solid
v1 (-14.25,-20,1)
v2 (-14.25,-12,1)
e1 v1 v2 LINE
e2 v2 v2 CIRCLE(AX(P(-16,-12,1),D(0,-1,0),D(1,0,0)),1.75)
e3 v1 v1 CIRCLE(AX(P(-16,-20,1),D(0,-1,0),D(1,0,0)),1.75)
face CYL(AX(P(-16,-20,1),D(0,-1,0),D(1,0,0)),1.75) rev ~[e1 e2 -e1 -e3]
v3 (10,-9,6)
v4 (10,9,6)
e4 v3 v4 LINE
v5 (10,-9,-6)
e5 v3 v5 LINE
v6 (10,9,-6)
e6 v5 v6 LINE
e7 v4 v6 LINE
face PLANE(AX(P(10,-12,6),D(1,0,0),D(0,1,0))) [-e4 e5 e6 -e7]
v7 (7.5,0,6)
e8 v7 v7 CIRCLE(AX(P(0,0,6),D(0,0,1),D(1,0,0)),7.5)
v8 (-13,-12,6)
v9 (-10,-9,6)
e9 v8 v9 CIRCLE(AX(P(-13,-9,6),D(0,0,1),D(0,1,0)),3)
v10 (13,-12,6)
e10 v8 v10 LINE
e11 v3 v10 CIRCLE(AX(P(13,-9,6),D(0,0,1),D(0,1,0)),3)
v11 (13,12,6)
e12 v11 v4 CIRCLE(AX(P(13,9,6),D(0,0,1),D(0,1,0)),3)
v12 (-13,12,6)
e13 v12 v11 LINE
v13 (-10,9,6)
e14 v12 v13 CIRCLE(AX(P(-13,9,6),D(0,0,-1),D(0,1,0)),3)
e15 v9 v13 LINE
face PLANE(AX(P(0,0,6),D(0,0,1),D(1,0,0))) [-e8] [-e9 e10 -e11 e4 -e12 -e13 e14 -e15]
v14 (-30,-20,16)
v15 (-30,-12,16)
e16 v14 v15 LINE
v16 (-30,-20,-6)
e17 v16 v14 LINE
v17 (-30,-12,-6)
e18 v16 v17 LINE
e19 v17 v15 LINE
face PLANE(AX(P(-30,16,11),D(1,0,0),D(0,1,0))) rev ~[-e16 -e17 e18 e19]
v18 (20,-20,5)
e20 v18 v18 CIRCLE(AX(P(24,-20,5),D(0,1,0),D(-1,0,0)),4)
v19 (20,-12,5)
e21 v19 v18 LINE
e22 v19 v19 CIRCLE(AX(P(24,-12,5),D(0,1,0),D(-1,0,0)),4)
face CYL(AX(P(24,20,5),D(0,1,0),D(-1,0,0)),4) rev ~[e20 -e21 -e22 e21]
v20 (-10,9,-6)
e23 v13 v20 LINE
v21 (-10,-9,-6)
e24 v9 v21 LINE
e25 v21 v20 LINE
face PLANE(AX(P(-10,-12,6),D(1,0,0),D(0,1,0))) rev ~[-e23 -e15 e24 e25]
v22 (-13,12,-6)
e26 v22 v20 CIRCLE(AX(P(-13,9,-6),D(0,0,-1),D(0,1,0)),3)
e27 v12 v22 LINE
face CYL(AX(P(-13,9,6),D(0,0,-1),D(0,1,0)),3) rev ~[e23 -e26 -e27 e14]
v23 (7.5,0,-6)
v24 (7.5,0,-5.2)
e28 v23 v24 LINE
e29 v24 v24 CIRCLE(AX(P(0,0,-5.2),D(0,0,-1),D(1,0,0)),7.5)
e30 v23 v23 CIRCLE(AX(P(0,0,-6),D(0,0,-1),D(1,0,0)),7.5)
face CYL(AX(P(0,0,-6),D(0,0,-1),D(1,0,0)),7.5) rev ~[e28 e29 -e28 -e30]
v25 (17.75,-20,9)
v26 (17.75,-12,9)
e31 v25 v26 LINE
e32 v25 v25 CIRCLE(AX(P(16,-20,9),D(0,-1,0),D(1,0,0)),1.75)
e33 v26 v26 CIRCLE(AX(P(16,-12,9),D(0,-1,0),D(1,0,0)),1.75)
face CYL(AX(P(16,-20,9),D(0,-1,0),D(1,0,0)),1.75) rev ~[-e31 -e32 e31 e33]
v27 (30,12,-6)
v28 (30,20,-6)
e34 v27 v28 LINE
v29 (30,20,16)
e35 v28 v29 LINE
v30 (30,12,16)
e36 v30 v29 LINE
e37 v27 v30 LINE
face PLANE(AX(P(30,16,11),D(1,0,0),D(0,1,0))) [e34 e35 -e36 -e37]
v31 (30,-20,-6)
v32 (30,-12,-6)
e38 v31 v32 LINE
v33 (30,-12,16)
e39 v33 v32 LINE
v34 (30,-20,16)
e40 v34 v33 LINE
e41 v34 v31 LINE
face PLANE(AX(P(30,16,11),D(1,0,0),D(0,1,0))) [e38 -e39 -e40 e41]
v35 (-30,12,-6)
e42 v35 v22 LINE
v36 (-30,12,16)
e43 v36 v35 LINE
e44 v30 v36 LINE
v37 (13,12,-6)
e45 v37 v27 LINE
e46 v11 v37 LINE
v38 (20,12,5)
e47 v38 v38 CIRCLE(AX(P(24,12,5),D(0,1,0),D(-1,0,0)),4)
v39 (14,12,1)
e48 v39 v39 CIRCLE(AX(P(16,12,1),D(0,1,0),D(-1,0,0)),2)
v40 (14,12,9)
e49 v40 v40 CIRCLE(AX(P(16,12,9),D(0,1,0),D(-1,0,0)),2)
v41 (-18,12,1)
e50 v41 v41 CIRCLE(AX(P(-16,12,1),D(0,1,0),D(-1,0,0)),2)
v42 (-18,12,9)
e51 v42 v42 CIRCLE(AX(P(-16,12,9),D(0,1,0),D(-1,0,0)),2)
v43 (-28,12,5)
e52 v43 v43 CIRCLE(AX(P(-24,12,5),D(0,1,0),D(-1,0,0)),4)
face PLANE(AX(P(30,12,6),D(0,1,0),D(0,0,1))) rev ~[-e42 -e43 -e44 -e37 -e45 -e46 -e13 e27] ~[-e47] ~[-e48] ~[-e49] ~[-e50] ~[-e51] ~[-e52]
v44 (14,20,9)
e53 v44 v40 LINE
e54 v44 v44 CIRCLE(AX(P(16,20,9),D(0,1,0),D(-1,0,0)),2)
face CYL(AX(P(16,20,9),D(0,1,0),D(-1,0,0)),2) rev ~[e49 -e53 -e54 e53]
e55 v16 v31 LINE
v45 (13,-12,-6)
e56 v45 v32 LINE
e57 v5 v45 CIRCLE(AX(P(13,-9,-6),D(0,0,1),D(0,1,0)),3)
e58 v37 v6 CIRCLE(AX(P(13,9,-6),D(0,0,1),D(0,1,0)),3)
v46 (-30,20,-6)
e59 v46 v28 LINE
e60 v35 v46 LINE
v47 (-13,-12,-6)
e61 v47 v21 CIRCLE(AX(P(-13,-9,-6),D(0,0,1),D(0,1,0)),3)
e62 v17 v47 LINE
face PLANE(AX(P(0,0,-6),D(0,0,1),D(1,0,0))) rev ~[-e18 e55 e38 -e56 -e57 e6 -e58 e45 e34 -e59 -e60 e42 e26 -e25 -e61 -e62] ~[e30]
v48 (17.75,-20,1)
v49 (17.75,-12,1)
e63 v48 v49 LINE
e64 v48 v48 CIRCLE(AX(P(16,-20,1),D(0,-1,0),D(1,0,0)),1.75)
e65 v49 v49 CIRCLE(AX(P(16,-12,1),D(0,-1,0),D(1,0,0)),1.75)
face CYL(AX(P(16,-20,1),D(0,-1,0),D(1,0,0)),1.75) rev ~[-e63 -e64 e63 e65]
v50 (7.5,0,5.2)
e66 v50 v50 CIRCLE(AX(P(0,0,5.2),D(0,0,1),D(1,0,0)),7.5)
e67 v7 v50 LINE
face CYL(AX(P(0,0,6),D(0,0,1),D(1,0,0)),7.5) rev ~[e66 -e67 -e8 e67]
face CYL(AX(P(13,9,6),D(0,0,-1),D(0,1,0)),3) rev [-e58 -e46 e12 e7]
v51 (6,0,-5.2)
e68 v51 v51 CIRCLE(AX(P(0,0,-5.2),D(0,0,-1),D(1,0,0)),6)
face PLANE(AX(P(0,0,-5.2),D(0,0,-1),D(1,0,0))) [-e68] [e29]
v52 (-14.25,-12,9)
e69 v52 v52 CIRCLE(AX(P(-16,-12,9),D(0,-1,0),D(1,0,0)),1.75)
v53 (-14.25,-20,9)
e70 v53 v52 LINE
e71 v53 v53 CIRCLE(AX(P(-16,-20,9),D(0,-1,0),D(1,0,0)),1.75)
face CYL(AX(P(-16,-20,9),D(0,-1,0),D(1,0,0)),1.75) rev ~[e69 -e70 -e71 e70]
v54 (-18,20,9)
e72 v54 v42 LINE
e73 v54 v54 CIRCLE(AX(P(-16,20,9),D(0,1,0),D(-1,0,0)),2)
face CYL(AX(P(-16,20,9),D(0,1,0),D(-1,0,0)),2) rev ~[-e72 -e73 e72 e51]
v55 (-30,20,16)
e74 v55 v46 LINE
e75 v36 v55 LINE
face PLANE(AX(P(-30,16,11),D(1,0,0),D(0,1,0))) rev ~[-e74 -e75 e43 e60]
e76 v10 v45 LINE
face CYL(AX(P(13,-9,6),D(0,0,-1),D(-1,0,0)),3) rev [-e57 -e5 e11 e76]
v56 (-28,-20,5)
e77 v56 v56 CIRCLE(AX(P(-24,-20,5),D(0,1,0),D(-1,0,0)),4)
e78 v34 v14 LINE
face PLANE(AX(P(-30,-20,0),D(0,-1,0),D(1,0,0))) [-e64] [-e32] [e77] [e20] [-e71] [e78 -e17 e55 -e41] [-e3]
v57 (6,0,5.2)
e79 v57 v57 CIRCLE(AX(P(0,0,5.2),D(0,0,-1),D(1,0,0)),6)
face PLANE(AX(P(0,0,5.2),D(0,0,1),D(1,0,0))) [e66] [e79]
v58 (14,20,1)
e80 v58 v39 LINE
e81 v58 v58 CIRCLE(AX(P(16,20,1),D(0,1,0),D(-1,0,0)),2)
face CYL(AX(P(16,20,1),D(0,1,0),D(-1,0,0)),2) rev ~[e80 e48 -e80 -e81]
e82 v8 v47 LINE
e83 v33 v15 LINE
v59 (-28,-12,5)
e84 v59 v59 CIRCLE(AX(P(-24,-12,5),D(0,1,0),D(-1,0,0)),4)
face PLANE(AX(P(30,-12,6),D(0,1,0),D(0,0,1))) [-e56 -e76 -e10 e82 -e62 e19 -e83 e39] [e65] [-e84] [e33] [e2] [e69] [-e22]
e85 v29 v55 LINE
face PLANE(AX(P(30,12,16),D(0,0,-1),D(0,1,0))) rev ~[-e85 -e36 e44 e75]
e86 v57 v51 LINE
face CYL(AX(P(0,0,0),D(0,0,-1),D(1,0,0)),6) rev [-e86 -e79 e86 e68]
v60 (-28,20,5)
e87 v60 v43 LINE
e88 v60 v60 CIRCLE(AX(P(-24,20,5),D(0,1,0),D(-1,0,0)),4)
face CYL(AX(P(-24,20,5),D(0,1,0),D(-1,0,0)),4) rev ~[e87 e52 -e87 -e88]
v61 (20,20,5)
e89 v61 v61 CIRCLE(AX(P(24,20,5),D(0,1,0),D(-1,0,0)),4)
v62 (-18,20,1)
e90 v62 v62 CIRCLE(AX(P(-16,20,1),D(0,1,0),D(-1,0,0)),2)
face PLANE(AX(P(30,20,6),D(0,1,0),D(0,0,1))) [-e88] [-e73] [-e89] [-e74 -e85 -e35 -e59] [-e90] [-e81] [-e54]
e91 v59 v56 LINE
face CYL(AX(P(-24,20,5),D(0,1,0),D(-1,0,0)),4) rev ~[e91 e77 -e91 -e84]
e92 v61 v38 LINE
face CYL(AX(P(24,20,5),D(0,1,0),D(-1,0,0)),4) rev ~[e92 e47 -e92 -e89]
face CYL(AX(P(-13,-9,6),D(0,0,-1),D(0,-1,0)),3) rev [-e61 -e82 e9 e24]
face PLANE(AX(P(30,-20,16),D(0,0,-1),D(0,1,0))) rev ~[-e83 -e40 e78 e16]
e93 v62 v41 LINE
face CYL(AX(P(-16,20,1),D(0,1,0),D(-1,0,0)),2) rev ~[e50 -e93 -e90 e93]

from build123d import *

# Parameters (mm, degrees)
F0_W      = 60
F0_H      = 40
F0_R      = 6
F1_DEPTH  = 6
F2_W      = 8
F2_H      = 10
F3_DEPTH  = 60
F4_R      = 2
F5_DEPTH  = 10
F6_R      = 1.75
F7_DEPTH  = 10
F8_R      = 7.5
F9_DEPTH  = 0.8
F10_R     = 7.5
F11_DEPTH = 0.8
F12_W     = 20
F12_H     = 24
F13_DEPTH = 25
F14_R     = 3
F15_R     = 4
F16_DEPTH = 40.001


with BuildPart() as f1:
    # F0 (on Top) → F1 (new body, symmetric)
    with BuildSketch(Plane.XY):
        Rectangle(F0_W, F0_H)
        Circle(F0_R, mode=Mode.SUBTRACT)
    extrude(amount=F1_DEPTH, both=True)

    # F2 (on face) → F3 (join, through all)
    with BuildSketch(Plane.YZ.offset(30)):
        with Locations((16, 11)):
            Rectangle(F2_W, F2_H)
        with Locations((-16, 11)):
            Rectangle(F2_W, F2_H)
    extrude(amount=-F3_DEPTH)

    # F4 (on face) → F5 (cut)
    with BuildSketch(Plane(origin=(0, 20, 0), x_dir=(-1, 0, 0), z_dir=(0, 1, 0))):
        with Locations((16, 9)):
            Circle(F4_R)
        with Locations((-16, 9)):
            Circle(F4_R)
        with Locations((16, 1)):
            Circle(F4_R)
        with Locations((-16, 1)):
            Circle(F4_R)
    extrude(amount=-F5_DEPTH, mode=Mode.SUBTRACT)

    # F6 (on face) → F7 (cut)
    with BuildSketch(Plane.XZ.offset(20)):
        with Locations((16, 9)):
            Circle(F6_R)
        with Locations((-16, 9)):
            Circle(F6_R)
        with Locations((16, 1)):
            Circle(F6_R)
        with Locations((-16, 1)):
            Circle(F6_R)
    extrude(amount=-F7_DEPTH, mode=Mode.SUBTRACT)

    # F8 (on face) → F9 (cut)
    with BuildSketch(Plane.XY.offset(6)):
        Circle(F8_R)
    extrude(amount=-F9_DEPTH, mode=Mode.SUBTRACT)

    # F10 (on face) → F11 (cut)
    with BuildSketch(Plane(origin=(0, 0, -6), x_dir=(1, 0, 0), z_dir=(0, 0, -1))):
        Circle(F10_R)
    extrude(amount=-F11_DEPTH, mode=Mode.SUBTRACT)

    # F12 (on face) → F13 (cut)
    with BuildSketch(Plane.XY.offset(6)):
        with Locations((20, 0)):
            Rectangle(F12_W, F12_H)
        with Locations((-20, 0)):
            Rectangle(F12_W, F12_H)
    extrude(amount=-F13_DEPTH, mode=Mode.SUBTRACT)

    # F14
    f14_edges = [f1.edges().sort_by_distance(p)[0] for p in [
        (-10, 12, 0),
        (10, 12, 0),
        (10, -12, 0),
        (-10, -12, 0),
    ]]
    fillet(f14_edges, radius=F14_R)

    # F15 (on face) → F16 (cut, through all)
    with BuildSketch(Plane(origin=(0, 20, 0), x_dir=(-1, 0, 0), z_dir=(0, 1, 0))):
        with Locations((24, 5)):
            Circle(F15_R)
        with Locations((-24, 5)):
            Circle(F15_R)
    extrude(amount=-F16_DEPTH, mode=Mode.SUBTRACT)


solid = f1.part
